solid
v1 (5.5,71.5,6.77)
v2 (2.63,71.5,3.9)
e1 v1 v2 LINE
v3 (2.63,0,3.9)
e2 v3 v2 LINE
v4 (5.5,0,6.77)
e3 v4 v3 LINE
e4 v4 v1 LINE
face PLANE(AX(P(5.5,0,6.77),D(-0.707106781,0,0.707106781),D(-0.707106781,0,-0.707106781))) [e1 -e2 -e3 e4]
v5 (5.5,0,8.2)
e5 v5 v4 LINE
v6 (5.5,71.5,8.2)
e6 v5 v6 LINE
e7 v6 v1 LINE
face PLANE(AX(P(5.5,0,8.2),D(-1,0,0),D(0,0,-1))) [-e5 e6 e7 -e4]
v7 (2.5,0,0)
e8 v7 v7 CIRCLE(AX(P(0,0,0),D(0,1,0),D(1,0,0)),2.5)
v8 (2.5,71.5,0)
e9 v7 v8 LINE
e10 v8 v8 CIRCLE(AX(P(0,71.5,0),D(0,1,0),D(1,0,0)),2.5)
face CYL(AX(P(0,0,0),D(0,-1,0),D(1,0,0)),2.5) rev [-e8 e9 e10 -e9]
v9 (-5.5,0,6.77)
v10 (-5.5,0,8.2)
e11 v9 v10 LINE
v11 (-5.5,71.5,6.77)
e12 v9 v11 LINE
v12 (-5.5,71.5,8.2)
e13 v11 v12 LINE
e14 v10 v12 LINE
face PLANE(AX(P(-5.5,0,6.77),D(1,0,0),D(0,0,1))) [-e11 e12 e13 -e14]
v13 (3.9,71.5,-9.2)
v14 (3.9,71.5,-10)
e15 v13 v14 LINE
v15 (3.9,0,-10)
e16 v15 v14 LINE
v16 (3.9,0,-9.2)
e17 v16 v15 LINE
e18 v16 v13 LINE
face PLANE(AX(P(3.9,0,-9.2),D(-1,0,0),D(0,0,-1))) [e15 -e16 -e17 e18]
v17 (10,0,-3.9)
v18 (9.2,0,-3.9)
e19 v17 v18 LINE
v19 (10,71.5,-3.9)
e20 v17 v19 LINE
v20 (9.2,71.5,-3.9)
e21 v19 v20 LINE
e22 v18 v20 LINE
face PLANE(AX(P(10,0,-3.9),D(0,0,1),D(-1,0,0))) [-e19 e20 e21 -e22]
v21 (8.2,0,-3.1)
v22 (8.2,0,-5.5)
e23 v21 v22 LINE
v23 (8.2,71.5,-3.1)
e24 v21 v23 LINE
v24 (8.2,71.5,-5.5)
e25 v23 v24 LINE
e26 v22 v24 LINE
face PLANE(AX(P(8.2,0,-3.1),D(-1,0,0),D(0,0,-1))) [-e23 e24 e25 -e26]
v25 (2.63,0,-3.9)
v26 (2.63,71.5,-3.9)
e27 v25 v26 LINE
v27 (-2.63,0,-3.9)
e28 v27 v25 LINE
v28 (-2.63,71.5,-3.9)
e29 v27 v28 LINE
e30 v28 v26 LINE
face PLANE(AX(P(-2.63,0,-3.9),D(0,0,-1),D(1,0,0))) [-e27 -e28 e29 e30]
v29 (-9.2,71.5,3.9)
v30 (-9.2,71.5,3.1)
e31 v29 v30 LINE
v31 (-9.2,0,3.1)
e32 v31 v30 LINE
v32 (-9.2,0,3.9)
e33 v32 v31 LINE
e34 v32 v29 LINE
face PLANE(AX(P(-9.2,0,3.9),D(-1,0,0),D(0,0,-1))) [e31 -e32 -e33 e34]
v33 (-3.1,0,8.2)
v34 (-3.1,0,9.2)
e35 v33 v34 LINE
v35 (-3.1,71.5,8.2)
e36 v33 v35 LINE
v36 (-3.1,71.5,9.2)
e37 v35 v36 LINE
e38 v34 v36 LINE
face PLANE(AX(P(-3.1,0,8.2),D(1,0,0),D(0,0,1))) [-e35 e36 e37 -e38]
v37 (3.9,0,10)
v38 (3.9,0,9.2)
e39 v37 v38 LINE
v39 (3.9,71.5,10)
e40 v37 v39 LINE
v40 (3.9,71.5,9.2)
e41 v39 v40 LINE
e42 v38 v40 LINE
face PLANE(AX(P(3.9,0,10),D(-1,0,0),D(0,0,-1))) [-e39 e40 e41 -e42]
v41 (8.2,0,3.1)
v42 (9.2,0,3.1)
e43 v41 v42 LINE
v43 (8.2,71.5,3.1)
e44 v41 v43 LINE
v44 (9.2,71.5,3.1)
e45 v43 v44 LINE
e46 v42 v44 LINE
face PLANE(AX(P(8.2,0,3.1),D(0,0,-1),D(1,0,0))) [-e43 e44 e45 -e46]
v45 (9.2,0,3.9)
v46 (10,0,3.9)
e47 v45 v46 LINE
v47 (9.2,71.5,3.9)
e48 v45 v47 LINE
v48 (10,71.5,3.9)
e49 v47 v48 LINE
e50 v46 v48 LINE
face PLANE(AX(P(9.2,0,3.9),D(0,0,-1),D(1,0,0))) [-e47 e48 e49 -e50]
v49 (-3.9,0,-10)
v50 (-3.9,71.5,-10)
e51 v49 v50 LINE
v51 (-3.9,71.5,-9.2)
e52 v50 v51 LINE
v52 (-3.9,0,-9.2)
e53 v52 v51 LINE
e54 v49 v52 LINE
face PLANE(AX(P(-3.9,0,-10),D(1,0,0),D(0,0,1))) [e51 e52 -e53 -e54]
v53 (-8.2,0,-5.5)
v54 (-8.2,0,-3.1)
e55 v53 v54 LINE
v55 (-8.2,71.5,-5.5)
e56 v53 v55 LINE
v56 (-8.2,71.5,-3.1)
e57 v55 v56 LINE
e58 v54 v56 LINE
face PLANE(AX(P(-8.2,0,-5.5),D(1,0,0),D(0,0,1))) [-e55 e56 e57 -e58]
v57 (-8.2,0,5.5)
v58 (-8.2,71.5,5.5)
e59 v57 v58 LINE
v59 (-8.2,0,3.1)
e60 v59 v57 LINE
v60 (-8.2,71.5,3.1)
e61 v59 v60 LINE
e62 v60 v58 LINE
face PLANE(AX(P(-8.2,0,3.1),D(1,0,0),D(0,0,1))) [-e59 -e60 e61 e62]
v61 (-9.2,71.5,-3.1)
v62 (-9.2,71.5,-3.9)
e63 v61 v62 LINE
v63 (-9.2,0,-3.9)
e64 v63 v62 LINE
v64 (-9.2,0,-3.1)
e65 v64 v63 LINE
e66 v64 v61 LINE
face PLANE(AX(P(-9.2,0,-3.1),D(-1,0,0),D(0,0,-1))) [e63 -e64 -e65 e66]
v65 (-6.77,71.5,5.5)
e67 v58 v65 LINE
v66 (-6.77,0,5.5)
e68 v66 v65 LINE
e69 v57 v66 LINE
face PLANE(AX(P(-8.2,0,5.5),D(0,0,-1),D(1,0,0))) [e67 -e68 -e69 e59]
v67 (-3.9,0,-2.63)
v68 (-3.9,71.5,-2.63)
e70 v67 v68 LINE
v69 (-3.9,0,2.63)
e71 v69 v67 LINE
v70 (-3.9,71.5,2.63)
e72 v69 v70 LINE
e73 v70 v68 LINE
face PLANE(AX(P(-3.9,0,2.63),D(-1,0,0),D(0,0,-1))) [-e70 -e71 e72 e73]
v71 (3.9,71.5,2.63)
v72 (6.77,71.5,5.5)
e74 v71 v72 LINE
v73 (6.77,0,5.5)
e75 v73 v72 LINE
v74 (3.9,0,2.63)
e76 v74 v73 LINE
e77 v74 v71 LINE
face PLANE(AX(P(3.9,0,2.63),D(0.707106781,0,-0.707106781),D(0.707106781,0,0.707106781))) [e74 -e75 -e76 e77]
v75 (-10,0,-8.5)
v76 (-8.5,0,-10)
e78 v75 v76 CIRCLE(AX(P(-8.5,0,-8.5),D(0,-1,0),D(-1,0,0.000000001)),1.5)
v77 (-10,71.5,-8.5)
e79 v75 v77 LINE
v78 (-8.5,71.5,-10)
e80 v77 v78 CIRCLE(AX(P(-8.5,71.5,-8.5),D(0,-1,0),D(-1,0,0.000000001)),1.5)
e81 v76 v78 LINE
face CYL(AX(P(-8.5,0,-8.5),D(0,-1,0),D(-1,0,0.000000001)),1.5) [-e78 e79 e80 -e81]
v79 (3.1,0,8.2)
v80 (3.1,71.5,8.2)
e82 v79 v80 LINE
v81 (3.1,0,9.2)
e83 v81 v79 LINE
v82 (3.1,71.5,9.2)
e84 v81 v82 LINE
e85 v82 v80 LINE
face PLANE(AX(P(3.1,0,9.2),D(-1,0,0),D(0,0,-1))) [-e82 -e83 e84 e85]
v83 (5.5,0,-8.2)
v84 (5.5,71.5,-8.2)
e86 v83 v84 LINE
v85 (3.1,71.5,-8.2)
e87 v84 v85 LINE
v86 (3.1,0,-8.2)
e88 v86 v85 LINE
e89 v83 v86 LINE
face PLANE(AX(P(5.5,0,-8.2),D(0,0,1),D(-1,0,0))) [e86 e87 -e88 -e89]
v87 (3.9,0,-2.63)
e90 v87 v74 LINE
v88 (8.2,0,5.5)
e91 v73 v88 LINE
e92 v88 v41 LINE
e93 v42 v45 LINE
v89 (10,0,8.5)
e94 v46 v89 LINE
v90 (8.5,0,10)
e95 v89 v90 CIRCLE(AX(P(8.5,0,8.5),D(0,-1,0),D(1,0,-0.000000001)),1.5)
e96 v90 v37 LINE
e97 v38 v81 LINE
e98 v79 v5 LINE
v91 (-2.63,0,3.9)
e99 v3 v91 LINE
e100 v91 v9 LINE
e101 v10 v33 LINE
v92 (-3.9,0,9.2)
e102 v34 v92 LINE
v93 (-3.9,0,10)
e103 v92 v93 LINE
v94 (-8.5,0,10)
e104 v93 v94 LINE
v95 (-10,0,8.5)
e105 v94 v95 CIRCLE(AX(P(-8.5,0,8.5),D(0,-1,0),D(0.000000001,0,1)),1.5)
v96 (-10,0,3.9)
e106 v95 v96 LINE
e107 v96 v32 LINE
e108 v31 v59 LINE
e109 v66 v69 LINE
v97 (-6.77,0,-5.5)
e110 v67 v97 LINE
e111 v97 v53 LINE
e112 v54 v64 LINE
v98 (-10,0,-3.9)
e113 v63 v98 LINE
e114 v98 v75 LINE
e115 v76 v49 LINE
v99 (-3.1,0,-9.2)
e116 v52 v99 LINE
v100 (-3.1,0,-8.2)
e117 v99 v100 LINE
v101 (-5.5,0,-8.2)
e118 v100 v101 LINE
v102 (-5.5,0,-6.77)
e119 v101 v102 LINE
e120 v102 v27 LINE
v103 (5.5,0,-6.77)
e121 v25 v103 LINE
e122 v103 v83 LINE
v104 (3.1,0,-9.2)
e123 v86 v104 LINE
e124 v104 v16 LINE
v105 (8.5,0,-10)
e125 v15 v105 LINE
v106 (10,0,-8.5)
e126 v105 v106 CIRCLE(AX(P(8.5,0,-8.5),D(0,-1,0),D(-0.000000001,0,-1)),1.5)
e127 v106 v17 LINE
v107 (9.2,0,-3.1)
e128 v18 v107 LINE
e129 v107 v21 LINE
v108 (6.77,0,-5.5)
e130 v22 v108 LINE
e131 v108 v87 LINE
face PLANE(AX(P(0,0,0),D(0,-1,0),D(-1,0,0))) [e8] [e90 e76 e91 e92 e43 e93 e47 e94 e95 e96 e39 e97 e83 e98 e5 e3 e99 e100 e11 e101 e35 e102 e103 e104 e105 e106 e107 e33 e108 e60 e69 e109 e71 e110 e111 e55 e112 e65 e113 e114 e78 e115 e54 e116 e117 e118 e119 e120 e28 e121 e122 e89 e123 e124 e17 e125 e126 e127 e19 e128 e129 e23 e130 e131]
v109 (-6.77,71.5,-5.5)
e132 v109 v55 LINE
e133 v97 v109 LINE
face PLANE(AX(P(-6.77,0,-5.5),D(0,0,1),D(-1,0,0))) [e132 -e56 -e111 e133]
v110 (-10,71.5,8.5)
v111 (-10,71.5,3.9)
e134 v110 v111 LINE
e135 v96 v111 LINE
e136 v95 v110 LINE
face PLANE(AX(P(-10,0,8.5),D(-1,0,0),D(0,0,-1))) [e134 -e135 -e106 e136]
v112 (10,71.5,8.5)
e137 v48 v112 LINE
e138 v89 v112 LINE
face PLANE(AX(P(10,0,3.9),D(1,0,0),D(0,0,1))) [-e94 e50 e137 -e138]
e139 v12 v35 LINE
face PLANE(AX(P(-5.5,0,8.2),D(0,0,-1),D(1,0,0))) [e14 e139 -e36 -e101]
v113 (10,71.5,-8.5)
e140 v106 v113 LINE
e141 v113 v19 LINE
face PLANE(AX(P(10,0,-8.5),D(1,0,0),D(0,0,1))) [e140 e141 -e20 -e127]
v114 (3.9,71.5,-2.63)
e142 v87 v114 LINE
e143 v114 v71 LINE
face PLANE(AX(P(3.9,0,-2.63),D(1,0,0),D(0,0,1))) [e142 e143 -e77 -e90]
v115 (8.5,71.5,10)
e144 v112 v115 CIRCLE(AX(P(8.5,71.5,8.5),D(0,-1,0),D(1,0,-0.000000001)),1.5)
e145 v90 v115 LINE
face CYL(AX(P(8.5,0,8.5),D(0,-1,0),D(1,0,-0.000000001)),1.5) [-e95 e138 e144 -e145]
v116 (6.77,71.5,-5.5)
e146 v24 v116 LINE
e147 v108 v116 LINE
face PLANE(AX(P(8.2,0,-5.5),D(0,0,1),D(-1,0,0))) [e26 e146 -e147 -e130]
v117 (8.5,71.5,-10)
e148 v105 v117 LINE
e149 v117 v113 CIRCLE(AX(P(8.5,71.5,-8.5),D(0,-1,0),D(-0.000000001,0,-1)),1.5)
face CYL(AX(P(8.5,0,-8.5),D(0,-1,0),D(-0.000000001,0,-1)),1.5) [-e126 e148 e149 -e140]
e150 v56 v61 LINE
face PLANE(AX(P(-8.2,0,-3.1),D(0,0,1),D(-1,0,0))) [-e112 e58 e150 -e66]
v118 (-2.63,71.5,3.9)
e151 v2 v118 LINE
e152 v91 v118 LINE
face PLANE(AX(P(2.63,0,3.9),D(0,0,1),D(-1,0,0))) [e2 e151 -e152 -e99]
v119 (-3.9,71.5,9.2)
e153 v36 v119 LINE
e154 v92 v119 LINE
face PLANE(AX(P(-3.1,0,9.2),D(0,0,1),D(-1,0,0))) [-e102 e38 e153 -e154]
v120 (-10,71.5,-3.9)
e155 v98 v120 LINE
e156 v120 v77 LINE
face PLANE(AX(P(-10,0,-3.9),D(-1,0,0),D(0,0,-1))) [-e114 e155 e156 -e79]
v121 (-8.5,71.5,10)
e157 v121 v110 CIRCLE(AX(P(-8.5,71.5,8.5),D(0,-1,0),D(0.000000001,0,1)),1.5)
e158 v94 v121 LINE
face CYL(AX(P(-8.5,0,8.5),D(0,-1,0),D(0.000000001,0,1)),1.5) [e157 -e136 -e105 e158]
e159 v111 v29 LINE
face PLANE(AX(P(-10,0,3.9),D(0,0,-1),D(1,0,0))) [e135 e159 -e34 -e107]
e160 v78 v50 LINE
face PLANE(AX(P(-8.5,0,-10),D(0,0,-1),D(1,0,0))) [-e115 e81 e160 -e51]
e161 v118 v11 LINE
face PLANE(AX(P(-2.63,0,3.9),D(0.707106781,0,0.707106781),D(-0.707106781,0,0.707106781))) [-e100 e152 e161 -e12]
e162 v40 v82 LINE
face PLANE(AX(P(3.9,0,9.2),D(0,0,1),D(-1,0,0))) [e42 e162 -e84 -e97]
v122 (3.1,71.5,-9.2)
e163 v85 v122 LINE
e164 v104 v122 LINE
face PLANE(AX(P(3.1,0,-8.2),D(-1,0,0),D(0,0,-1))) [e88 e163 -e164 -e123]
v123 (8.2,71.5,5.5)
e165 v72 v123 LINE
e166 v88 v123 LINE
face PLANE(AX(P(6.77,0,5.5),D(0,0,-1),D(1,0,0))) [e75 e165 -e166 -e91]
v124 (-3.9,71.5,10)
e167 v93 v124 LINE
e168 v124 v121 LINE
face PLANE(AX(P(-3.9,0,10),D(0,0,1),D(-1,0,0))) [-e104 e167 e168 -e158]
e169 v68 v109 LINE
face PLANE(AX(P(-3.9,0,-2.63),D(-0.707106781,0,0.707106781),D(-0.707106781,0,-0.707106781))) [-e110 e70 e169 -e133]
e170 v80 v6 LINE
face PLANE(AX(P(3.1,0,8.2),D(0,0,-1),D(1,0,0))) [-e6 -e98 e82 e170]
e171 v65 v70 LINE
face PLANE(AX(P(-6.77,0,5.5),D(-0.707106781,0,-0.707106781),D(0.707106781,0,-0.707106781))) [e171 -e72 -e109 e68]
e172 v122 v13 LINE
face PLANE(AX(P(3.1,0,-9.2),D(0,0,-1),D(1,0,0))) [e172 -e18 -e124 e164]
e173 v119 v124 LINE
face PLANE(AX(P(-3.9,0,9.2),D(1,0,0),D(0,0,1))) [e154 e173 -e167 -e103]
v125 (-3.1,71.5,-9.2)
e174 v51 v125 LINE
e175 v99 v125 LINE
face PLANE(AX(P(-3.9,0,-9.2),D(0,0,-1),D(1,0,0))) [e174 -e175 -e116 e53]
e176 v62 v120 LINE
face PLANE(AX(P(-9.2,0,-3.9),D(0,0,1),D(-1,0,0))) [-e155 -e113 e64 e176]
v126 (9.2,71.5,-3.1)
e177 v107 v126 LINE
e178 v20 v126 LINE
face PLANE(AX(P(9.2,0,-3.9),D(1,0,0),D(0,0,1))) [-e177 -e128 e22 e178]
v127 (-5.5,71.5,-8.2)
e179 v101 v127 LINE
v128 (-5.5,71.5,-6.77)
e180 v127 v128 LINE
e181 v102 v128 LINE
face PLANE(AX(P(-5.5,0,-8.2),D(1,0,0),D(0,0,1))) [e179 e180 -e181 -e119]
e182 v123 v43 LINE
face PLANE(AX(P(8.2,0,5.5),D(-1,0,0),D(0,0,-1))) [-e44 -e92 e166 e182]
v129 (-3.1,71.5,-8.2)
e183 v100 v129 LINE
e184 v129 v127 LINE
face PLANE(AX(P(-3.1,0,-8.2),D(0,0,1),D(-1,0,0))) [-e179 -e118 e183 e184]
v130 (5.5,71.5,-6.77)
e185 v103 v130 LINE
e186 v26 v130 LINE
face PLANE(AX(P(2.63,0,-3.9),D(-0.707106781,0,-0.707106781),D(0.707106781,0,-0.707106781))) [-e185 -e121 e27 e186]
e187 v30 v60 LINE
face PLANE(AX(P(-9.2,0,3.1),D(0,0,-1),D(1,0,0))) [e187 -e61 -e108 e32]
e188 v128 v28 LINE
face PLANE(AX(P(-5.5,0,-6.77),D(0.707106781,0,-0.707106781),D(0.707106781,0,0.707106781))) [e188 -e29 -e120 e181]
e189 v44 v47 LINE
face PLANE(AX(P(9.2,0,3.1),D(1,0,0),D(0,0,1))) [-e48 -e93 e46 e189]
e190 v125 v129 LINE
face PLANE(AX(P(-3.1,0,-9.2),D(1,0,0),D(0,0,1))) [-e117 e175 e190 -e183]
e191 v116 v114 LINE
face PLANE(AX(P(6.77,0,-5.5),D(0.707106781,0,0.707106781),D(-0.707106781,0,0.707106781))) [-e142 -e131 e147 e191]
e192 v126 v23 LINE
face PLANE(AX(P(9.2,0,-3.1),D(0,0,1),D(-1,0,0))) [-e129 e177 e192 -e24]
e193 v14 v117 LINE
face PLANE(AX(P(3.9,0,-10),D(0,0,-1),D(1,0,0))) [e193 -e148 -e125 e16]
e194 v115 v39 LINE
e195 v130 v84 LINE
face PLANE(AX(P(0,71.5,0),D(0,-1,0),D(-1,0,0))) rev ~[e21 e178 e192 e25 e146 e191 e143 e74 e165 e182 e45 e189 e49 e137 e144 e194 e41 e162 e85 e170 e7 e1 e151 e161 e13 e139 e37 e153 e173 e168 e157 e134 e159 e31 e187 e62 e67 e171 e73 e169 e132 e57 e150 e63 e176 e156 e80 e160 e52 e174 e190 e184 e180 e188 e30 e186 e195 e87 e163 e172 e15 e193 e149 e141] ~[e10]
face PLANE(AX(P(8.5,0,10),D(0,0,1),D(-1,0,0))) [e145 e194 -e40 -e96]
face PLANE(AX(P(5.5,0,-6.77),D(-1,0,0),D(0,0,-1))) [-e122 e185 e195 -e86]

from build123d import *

# Parameters (mm, degrees)
SKETCH1_R           = 2.5
BOSS_EXTRUDE1_DEPTH = 71.5


with BuildPart() as part:
    # Sketch1 → Boss-Extrude1 (new body)
    with BuildSketch(Plane(origin=(0, 0, 0), x_dir=(1, 0, 0), z_dir=(0, 1, 0))):
        with BuildLine():
            Line((3.9, 10), (8.5, 10))
            ThreePointArc((8.5, 10), (9.560660172, 9.560660172), (10, 8.5))
            Line((10, 8.5), (10, 3.9))
            Line((10, 3.9), (9.2, 3.9))
            Line((9.2, 3.9), (9.2, 3.1))
            Line((9.2, 3.1), (8.2, 3.1))
            Line((8.2, 3.1), (8.2, 5.5))
            Line((8.2, 5.5), (6.77, 5.5))
            Line((6.77, 5.5), (3.9, 2.63))
            Line((3.9, 2.63), (3.9, 0))
            Line((3.9, 0), (3.9, -2.63))
            Line((3.9, -2.63), (6.77, -5.5))
            Line((6.77, -5.5), (8.2, -5.5))
            Line((8.2, -5.5), (8.2, -3.1))
            Line((8.2, -3.1), (9.2, -3.1))
            Line((9.2, -3.1), (9.2, -3.9))
            Line((9.2, -3.9), (10, -3.9))
            Line((10, -3.9), (10, -8.5))
            ThreePointArc((10, -8.5), (9.560660172, -9.560660172), (8.5, -10))
            Line((8.5, -10), (3.9, -10))
            Line((3.9, -10), (3.9, -9.2))
            Line((3.9, -9.2), (3.1, -9.2))
            Line((3.1, -9.2), (3.1, -8.2))
            Line((3.1, -8.2), (5.5, -8.2))
            Line((5.5, -8.2), (5.5, -6.77))
            Line((5.5, -6.77), (2.63, -3.9))
            Line((2.63, -3.9), (0, -3.9))
            Line((0, -3.9), (-2.63, -3.9))
            Line((-2.63, -3.9), (-5.5, -6.77))
            Line((-5.5, -6.77), (-5.5, -8.2))
            Line((-5.5, -8.2), (-3.1, -8.2))
            Line((-3.1, -8.2), (-3.1, -9.2))
            Line((-3.1, -9.2), (-3.9, -9.2))
            Line((-3.9, -9.2), (-3.9, -10))
            Line((-3.9, -10), (-8.5, -10))
            ThreePointArc((-8.5, -10), (-9.560660172, -9.560660172), (-10, -8.5))
            Line((-10, -8.5), (-10, -3.9))
            Line((-10, -3.9), (-9.2, -3.9))
            Line((-9.2, -3.9), (-9.2, -3.1))
            Line((-9.2, -3.1), (-8.2, -3.1))
            Line((-8.2, -3.1), (-8.2, -5.5))
            Line((-8.2, -5.5), (-6.77, -5.5))
            Line((-6.77, -5.5), (-3.9, -2.63))
            Line((-3.9, -2.63), (-3.9, 0))
            Line((-3.9, 0), (-3.9, 2.63))
            Line((-3.9, 2.63), (-6.77, 5.5))
            Line((-6.77, 5.5), (-8.2, 5.5))
            Line((-8.2, 5.5), (-8.2, 3.1))
            Line((-8.2, 3.1), (-9.2, 3.1))
            Line((-9.2, 3.1), (-9.2, 3.9))
            Line((-9.2, 3.9), (-10, 3.9))
            Line((-10, 3.9), (-10, 8.5))
            ThreePointArc((-10, 8.5), (-9.560660172, 9.560660172), (-8.5, 10))
            Line((-8.5, 10), (-3.9, 10))
            Line((-3.9, 10), (-3.9, 9.2))
            Line((-3.9, 9.2), (-3.1, 9.2))
            Line((-3.1, 9.2), (-3.1, 8.2))
            Line((-3.1, 8.2), (-5.5, 8.2))
            Line((-5.5, 8.2), (-5.5, 6.77))
            Line((-5.5, 6.77), (-2.63, 3.9))
            Line((-2.63, 3.9), (2.63, 3.9))
            Line((2.63, 3.9), (5.5, 6.77))
            Line((5.5, 6.77), (5.5, 8.2))
            Line((5.5, 8.2), (3.1, 8.2))
            Line((3.1, 8.2), (3.1, 9.2))
            Line((3.1, 9.2), (3.9, 9.2))
            Line((3.9, 9.2), (3.9, 10))
        make_face()
        Circle(SKETCH1_R, mode=Mode.SUBTRACT)
    extrude(amount=BOSS_EXTRUDE1_DEPTH)


solid = part.part
